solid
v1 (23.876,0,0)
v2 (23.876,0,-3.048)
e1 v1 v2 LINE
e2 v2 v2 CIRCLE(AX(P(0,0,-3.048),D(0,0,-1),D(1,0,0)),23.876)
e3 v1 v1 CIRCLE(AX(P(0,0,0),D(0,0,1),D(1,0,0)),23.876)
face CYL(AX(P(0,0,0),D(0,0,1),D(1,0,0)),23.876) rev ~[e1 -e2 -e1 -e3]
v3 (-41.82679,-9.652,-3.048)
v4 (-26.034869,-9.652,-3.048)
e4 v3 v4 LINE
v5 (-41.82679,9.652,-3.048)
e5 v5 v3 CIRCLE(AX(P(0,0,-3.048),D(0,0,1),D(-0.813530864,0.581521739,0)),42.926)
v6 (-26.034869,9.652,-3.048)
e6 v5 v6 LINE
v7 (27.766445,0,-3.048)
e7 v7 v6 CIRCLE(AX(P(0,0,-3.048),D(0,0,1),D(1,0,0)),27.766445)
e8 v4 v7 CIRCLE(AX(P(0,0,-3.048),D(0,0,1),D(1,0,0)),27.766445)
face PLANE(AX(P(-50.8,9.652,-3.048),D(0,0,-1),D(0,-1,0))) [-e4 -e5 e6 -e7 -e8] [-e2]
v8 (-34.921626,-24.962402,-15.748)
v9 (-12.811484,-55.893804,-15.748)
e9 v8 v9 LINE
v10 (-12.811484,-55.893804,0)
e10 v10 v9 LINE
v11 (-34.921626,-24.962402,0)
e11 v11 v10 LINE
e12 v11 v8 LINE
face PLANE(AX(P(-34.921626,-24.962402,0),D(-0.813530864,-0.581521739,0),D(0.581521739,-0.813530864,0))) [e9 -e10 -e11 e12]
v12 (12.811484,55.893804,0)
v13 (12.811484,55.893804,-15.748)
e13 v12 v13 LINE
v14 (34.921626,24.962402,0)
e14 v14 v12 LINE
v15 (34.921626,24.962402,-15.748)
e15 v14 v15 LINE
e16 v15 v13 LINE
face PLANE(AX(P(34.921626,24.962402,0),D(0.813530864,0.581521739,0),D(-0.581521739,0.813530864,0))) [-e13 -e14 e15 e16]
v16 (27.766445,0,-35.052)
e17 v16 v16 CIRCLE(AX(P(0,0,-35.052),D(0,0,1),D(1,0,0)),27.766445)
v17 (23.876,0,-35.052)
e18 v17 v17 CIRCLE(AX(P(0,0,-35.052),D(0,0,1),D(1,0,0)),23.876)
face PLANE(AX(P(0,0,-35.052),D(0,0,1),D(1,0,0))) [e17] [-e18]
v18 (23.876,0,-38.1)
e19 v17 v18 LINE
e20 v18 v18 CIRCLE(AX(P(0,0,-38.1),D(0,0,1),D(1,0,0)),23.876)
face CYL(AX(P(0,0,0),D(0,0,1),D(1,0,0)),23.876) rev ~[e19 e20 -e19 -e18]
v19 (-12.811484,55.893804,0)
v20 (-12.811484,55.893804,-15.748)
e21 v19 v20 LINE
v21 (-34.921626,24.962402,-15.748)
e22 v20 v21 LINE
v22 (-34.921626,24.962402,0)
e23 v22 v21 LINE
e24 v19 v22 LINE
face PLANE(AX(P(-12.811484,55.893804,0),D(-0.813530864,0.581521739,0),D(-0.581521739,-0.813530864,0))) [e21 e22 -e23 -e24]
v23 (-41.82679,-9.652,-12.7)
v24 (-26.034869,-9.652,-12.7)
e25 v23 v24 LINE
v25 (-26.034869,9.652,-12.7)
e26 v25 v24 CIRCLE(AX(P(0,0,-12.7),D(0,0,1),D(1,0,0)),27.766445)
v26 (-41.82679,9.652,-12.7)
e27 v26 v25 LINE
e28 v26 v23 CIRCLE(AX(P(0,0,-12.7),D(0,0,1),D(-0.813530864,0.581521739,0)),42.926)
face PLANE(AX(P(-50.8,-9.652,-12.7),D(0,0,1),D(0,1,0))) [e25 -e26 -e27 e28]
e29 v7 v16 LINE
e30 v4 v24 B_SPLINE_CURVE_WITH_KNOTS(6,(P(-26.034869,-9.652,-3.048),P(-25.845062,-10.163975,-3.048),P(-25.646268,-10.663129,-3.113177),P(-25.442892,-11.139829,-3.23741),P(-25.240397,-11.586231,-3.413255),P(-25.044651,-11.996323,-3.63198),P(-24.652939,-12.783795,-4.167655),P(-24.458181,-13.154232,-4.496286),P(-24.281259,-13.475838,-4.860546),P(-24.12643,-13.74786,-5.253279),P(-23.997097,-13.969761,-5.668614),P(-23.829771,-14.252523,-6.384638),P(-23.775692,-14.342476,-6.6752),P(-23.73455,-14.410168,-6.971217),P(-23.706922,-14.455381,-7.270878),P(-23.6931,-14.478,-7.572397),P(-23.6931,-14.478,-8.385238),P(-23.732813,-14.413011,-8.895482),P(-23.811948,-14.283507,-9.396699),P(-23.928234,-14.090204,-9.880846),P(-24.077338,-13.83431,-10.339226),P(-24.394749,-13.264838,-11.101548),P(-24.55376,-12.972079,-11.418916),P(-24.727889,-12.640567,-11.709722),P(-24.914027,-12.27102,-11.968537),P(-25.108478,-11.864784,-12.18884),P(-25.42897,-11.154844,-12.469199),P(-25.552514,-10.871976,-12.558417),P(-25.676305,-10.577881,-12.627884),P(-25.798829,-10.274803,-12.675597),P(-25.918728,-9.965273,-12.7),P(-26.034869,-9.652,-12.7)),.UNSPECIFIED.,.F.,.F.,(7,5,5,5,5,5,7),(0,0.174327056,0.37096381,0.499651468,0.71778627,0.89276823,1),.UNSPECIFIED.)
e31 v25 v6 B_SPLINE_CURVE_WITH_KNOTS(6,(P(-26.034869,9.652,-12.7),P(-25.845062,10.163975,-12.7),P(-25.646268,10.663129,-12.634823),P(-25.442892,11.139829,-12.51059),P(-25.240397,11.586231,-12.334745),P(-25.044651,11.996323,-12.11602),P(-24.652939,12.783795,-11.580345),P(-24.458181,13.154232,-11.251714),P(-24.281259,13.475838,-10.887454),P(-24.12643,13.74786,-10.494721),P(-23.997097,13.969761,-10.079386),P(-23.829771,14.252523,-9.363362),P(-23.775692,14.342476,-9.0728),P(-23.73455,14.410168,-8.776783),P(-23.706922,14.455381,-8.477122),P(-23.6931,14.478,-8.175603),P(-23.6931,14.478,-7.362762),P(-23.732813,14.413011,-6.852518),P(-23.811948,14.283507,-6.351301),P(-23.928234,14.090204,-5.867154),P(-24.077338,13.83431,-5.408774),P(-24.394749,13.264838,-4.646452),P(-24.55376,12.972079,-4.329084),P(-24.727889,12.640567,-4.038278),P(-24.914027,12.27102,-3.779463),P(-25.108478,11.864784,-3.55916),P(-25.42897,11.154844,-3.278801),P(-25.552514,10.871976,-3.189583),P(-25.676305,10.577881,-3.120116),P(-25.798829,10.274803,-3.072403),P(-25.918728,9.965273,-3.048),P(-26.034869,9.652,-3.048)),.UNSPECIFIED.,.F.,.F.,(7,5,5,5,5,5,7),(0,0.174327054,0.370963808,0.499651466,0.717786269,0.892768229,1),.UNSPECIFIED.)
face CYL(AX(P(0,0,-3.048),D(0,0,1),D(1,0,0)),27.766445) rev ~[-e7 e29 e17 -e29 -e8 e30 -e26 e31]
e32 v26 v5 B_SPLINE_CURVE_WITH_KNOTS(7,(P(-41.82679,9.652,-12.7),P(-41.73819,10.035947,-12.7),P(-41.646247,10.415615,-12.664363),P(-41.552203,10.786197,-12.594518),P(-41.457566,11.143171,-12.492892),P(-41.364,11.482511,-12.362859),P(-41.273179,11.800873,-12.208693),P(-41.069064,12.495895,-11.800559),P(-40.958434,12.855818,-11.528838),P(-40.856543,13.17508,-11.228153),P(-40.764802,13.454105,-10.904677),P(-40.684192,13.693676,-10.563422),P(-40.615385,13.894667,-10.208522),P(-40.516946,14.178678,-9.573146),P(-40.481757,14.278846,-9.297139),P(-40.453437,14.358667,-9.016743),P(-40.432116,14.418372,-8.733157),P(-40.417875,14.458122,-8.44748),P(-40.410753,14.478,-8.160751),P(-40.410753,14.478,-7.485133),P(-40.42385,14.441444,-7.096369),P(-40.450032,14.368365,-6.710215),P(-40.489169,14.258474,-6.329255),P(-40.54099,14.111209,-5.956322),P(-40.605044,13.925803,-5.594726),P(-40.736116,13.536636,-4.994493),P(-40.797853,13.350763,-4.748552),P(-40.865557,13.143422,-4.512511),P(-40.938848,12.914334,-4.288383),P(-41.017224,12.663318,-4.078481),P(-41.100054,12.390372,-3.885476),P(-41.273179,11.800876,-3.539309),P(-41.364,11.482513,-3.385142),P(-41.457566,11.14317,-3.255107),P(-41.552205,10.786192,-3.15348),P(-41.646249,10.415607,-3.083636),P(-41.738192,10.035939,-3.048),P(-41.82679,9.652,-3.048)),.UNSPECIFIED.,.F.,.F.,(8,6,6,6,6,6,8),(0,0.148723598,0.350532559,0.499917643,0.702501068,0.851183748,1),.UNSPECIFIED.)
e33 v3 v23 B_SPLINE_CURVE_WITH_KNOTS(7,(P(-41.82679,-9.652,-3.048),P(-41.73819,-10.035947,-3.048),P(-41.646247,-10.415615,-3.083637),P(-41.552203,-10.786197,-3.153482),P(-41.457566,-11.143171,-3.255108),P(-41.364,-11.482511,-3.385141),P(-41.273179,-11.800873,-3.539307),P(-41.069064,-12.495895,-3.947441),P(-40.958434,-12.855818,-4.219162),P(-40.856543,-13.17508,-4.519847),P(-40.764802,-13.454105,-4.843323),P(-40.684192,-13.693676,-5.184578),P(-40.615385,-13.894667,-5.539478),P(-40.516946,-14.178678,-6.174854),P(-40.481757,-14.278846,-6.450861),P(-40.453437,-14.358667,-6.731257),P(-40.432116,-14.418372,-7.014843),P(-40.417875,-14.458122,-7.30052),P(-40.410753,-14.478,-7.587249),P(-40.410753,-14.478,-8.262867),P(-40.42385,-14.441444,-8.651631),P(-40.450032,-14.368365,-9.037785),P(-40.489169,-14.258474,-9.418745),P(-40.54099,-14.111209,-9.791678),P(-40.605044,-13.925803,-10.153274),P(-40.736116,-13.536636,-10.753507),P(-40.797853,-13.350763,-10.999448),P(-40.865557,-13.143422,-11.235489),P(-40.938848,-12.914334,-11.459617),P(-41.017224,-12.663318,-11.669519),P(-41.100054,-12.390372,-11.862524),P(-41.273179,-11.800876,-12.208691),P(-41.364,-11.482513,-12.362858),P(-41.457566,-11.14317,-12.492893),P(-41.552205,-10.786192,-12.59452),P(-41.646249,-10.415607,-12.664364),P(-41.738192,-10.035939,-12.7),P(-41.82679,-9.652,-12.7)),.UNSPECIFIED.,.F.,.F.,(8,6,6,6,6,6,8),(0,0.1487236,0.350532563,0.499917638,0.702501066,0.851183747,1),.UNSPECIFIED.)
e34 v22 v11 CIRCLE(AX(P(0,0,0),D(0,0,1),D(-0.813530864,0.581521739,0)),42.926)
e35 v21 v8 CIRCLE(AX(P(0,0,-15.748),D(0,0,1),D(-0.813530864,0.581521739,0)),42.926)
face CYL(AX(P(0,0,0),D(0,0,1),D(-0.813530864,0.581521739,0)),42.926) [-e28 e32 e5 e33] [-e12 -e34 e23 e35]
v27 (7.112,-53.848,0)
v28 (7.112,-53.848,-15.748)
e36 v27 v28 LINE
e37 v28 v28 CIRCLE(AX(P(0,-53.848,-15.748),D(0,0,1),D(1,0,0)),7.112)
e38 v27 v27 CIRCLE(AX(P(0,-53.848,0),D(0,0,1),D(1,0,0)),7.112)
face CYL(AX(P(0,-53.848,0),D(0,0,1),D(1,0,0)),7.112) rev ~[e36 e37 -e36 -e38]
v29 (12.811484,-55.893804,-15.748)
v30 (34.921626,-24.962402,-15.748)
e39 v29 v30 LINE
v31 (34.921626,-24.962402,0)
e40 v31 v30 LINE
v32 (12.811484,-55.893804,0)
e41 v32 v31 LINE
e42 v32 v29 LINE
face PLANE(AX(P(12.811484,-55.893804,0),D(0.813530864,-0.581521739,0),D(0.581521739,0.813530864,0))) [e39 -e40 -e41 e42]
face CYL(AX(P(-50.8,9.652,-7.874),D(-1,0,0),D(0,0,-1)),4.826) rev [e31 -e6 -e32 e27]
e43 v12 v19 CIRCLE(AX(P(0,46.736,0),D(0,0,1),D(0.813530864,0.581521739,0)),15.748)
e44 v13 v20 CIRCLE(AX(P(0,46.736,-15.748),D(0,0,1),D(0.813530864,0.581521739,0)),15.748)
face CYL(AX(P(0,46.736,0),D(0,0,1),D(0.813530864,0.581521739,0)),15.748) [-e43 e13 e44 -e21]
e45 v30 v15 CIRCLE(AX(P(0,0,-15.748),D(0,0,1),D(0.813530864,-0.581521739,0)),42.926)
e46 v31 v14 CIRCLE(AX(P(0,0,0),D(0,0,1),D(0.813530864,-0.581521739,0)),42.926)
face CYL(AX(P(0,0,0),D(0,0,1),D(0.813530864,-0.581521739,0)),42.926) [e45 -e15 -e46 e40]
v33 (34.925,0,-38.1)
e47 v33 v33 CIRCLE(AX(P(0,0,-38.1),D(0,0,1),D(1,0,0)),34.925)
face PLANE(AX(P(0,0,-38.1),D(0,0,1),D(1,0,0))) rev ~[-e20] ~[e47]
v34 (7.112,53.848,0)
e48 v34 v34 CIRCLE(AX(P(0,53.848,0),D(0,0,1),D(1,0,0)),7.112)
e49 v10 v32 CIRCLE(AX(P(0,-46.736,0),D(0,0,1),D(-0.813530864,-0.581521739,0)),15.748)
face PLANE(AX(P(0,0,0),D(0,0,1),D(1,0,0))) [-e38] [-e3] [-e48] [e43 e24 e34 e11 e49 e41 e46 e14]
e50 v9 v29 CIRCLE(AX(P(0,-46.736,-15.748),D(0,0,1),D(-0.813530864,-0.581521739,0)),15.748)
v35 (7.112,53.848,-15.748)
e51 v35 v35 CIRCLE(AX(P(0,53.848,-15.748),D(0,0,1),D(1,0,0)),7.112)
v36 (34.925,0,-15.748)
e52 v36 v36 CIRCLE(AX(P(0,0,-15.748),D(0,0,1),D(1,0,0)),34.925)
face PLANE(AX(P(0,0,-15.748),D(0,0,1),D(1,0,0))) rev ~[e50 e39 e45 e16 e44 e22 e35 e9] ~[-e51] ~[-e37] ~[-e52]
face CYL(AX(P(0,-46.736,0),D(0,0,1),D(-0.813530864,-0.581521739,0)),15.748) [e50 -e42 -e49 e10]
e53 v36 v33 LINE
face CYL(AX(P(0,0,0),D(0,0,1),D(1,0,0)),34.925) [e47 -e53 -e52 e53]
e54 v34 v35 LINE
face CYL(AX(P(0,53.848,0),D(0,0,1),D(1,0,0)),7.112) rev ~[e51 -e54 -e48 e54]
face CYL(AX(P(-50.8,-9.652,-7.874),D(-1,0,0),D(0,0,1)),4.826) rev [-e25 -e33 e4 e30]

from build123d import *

# Parameters (mm, degrees)
F0_R     = 34.925
F0_R_2   = 23.876
F1_DEPTH = 38.1
F3_START = -3.048
F2_R     = 27.7664452923
F2_R_2   = 23.876
F3_DEPTH = 32.004
F0_R_3   = 7.112
F4_DEPTH = 15.748
F7_DEPTH = 28.1068998349


with BuildPart() as f1:
    # F0 (on Top) → F1 (new body)
    with BuildSketch(Plane.XY):
        Circle(F0_R)
        Circle(F0_R_2, mode=Mode.SUBTRACT)
    extrude(amount=-F1_DEPTH)

    # F2 (on face) → F3 (cut)
    with BuildSketch(Plane.XY.offset(F3_START)):
        Circle(F2_R)
        Circle(F2_R_2, mode=Mode.SUBTRACT)
    extrude(amount=-F3_DEPTH, mode=Mode.SUBTRACT)

    # F0 (on Top) → F4 (join)
    with BuildSketch(Plane.XY):
        with BuildLine():
            ThreePointArc((12.8114840486, 55.8938043478), (0, 62.484), (-12.8114840486, 55.8938043478))
            Line((-12.8114840486, 55.8938043478), (-34.9216258743, 24.9624021739))
            ThreePointArc((-34.9216258743, 24.9624021739), (-42.926, 0), (-34.9216258743, -24.9624021739))
            Line((-34.9216258743, -24.9624021739), (-12.8114840486, -55.8938043478))
            ThreePointArc((-12.8114840486, -55.8938043478), (0, -62.484), (12.8114840486, -55.8938043478))
            Line((12.8114840486, -55.8938043478), (34.9216258743, -24.9624021739))
            ThreePointArc((34.9216258743, -24.9624021739), (42.926, 0), (34.9216258743, 24.9624021739))
            Line((34.9216258743, 24.9624021739), (12.8114840486, 55.8938043478))
        make_face()
        with Locations((0, -53.848)):
            Circle(F0_R_3, mode=Mode.SUBTRACT)
        Circle(F0_R, mode=Mode.SUBTRACT)
        with Locations((0, 53.848)):
            Circle(F0_R_3, mode=Mode.SUBTRACT)
    extrude(amount=-F4_DEPTH)

    # F6 (on offset) → F7 (cut, up to face)
    with BuildSketch(Plane.YZ.offset(-50.8)):
        with BuildLine():
            Line((9.652, -3.048), (-9.652, -3.048))
            ThreePointArc((-9.652, -3.048), (-14.478, -7.874), (-9.652, -12.7))
            Line((-9.652, -12.7), (9.652, -12.7))
            ThreePointArc((9.652, -12.7), (14.478, -7.874), (9.652, -3.048))
        make_face()
    extrude(amount=F7_DEPTH, mode=Mode.SUBTRACT)


solid = f1.part
